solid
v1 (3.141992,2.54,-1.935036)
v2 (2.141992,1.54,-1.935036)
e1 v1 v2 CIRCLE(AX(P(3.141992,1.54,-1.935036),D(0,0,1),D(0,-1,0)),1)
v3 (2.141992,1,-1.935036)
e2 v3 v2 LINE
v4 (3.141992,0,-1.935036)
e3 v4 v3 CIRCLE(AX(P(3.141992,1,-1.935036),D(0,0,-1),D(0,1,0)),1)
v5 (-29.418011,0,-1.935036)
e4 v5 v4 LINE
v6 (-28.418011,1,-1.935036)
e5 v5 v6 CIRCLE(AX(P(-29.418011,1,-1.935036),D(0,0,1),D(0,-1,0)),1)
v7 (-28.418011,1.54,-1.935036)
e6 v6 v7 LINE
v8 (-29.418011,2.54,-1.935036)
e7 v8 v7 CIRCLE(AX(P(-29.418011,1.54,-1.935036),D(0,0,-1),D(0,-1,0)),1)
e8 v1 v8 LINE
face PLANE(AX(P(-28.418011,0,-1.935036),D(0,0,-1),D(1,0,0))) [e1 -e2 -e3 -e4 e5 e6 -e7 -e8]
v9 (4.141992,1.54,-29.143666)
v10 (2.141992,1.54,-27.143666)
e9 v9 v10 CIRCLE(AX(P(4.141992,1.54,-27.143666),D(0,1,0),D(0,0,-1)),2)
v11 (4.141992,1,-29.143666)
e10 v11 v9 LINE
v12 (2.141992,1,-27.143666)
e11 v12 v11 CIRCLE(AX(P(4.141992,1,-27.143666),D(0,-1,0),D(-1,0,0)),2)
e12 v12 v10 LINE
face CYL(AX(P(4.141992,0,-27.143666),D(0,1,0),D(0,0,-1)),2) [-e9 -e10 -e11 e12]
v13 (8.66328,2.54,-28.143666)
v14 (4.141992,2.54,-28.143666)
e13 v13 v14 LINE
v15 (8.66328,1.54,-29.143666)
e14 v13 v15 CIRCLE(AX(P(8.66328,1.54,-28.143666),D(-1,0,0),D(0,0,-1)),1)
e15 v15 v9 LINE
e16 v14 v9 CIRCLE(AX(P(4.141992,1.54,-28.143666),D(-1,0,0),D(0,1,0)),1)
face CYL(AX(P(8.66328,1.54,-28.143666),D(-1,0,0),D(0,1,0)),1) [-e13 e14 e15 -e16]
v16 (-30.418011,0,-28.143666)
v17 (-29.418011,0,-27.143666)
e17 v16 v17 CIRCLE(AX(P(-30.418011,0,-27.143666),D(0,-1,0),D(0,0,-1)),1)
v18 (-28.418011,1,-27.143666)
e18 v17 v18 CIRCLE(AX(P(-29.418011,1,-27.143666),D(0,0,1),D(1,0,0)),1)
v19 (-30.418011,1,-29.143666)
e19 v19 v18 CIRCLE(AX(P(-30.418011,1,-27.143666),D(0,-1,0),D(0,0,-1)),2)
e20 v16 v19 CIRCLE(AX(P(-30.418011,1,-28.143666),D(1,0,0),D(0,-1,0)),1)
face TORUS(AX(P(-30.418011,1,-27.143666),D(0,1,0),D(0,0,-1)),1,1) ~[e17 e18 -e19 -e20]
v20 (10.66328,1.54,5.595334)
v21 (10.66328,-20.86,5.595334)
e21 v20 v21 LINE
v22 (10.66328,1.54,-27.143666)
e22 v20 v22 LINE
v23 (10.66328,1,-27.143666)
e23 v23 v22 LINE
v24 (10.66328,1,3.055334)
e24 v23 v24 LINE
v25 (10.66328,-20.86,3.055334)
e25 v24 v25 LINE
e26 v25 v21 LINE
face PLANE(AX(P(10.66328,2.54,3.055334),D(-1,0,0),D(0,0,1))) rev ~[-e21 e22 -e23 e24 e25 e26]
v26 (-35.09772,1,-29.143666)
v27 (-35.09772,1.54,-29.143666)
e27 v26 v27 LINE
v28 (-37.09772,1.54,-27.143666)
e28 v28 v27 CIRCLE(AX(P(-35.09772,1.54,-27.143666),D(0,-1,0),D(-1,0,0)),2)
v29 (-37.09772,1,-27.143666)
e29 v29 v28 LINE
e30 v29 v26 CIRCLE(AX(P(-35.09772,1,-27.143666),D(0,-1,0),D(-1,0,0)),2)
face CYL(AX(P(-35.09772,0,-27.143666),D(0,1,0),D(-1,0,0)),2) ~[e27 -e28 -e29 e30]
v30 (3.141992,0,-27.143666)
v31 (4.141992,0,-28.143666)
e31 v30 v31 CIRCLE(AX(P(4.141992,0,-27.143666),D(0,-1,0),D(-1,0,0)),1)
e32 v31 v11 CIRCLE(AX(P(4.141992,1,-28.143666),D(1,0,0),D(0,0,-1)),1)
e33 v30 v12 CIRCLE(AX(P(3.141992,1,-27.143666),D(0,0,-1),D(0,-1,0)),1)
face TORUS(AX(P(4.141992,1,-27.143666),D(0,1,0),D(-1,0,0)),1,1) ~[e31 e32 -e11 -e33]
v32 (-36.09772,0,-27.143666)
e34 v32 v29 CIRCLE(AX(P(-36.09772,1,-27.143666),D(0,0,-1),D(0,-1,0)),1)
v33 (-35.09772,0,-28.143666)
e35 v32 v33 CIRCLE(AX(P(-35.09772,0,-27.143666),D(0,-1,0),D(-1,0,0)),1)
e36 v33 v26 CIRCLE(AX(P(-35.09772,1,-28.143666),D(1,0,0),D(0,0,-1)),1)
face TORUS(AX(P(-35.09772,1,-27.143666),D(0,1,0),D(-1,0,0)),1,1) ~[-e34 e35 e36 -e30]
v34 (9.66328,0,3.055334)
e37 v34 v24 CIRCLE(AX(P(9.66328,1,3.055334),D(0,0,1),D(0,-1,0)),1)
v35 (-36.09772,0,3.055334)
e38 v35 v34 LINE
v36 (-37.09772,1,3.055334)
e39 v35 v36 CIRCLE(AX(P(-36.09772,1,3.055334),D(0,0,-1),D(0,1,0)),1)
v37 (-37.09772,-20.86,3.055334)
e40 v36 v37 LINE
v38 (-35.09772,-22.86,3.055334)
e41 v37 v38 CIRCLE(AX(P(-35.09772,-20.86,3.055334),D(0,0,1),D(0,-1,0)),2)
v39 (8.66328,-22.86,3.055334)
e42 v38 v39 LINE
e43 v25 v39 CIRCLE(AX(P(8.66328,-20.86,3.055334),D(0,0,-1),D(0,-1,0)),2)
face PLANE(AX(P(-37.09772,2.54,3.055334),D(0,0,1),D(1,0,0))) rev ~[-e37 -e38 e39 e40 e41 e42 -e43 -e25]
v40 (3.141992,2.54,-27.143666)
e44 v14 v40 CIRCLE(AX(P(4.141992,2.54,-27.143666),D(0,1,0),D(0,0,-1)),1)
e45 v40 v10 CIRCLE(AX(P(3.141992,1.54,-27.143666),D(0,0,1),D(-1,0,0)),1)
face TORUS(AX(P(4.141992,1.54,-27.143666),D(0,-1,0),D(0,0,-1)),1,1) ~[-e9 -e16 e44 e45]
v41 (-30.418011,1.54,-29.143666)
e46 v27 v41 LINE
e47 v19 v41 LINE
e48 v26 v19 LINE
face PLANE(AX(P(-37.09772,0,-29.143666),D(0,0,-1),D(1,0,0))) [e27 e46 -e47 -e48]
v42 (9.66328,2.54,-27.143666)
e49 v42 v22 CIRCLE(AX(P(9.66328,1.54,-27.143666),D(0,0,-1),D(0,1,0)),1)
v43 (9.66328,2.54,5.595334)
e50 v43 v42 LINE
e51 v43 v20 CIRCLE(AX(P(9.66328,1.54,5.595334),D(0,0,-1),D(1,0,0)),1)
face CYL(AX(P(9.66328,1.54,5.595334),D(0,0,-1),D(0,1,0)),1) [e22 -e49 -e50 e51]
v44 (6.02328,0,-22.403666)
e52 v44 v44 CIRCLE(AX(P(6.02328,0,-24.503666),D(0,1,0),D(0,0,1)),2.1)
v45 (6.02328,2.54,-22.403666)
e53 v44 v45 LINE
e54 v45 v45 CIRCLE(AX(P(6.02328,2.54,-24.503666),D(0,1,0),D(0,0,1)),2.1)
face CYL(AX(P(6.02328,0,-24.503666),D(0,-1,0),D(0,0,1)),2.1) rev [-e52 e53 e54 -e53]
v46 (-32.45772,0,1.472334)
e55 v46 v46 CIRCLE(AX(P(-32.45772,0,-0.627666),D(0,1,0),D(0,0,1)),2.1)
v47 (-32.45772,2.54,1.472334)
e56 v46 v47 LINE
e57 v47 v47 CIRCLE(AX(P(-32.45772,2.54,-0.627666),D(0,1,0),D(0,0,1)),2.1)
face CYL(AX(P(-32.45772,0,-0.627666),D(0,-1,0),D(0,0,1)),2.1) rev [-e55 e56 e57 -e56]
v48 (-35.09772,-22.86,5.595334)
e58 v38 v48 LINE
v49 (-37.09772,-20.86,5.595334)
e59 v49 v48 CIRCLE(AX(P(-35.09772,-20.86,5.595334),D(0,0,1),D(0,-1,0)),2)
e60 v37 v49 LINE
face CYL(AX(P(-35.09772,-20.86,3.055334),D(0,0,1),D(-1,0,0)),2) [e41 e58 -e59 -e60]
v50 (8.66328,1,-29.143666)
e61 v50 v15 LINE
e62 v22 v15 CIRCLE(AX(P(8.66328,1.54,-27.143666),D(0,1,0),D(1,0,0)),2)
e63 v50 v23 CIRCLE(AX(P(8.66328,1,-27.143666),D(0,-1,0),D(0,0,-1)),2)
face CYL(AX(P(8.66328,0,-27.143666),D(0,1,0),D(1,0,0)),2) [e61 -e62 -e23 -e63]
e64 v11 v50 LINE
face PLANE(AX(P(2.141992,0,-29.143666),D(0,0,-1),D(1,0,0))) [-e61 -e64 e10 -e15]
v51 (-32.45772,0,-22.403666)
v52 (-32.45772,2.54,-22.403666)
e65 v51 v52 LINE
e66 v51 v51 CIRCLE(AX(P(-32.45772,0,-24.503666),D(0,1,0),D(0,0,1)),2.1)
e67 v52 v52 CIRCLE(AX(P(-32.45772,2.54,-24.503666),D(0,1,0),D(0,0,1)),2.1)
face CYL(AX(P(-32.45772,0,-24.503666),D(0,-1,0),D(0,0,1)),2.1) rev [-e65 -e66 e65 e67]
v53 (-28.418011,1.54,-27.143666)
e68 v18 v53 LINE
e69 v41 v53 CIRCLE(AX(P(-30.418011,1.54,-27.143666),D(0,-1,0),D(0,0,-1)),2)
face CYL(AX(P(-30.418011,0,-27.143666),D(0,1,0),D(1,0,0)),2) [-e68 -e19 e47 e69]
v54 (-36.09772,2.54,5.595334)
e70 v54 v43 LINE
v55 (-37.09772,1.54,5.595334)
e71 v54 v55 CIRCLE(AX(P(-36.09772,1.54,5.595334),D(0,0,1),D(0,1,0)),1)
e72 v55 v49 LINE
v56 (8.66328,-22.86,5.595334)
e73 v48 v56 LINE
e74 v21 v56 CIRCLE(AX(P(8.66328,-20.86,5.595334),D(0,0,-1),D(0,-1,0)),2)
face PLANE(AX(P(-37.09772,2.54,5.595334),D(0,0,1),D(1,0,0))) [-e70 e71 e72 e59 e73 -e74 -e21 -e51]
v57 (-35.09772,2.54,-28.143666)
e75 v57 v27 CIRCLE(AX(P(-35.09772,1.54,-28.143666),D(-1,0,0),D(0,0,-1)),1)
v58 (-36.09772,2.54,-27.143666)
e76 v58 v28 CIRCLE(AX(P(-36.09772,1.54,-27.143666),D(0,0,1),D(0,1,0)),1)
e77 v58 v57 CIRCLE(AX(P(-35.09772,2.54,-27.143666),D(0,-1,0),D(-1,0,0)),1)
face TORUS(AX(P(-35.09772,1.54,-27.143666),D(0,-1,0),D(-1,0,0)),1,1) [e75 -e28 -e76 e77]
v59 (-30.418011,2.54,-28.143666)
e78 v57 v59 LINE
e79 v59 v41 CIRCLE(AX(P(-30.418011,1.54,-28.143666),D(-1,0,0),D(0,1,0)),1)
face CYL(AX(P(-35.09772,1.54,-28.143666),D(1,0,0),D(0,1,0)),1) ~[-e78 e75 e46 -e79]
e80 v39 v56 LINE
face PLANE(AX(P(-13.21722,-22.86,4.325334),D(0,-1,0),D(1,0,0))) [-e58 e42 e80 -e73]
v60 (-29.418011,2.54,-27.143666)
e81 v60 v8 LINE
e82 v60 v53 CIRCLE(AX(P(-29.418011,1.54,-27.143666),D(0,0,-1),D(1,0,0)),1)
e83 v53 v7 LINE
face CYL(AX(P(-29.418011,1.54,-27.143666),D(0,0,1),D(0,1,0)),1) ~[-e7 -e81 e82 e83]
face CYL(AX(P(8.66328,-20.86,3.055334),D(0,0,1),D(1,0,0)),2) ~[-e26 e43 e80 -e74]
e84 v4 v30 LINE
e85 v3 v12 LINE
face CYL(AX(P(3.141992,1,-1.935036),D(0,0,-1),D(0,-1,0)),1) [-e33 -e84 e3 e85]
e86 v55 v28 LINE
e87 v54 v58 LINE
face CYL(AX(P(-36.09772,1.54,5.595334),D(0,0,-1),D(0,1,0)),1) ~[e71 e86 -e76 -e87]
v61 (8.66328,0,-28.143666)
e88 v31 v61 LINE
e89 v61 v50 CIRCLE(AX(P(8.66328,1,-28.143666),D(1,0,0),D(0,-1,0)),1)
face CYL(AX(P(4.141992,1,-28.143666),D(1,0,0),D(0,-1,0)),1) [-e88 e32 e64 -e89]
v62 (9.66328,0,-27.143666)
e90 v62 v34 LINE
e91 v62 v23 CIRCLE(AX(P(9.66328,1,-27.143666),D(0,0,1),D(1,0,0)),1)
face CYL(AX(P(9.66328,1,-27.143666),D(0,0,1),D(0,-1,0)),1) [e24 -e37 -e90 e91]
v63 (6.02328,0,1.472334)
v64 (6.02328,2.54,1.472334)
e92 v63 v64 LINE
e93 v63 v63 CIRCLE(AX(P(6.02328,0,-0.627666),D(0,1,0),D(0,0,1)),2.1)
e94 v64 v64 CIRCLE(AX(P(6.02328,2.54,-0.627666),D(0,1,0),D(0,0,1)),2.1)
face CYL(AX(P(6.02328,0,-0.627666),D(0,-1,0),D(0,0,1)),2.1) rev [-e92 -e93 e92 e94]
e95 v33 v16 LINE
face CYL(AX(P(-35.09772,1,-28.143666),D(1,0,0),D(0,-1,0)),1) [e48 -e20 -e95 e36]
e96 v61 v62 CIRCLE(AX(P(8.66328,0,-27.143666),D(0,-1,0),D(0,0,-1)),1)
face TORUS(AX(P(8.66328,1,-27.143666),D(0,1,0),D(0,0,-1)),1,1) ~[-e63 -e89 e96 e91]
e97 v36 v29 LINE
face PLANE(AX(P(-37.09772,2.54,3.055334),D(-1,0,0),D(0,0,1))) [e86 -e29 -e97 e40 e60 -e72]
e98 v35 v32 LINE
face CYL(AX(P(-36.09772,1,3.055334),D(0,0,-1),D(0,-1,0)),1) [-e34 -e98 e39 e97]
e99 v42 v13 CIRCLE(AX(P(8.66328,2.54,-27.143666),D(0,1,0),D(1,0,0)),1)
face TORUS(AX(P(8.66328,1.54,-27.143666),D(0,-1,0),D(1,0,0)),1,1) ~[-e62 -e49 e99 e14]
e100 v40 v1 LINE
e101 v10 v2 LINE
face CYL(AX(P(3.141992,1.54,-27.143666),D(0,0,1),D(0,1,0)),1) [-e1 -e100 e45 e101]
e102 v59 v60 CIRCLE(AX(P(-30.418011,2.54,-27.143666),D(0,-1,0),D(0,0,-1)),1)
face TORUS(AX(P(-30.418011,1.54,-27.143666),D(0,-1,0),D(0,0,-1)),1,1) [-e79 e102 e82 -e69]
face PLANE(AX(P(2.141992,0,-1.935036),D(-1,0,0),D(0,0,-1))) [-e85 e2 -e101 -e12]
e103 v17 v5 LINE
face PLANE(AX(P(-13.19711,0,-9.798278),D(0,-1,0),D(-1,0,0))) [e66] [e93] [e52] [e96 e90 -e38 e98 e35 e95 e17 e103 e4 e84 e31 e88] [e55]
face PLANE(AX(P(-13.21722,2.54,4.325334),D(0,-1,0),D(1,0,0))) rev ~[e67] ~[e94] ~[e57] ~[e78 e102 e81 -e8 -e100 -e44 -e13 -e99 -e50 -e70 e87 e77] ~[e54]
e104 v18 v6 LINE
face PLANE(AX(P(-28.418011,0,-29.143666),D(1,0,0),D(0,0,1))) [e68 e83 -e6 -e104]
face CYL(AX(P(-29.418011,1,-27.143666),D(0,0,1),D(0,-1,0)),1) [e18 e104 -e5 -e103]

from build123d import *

# Parameters (mm, degrees)
SKETCH1_R           = 2.1
BOSS_EXTRUDE1_DEPTH = 2.54
SKETCH2_W           = 47.761
SKETCH2_H           = 2.54
BOSS_EXTRUDE2_DEPTH = 25.4
FILLET1_R           = 2
FILLET2_R           = 1


with BuildPart() as part:
    # Sketch1 → Boss-Extrude1 (new body)
    with BuildSketch(Plane(origin=(0, 0, 0), x_dir=(1, 0, 0), z_dir=(0, 1, 0))):
        Polygon((-28.418010921, 1.935035563), (2.141991551, 1.935035563), (2.141991551, 29.143665766), (10.663279773, 29.143665766), (10.663279773, -3.055333898), (2.086284412, -3.055333898), (-28.52072334, -3.055333898), (-37.097720227, -3.055333898), (-37.097720227, 29.143665766), (-28.418010921, 29.143665766), align=None)
        with Locations(Location((-32.457720227, 24.503665766, 0), (0, 0, 270))):
            Circle(SKETCH1_R, mode=Mode.SUBTRACT)
        with Locations(Location((-32.457720227, 0.627665766, 0), (0, 0, 270))):
            Circle(SKETCH1_R, mode=Mode.SUBTRACT)
        with Locations(Location((6.023279773, 24.503665766, 0), (0, 0, 270))):
            Circle(SKETCH1_R, mode=Mode.SUBTRACT)
        with Locations(Location((6.023279773, 0.627665766, 0), (0, 0, 270))):
            Circle(SKETCH1_R, mode=Mode.SUBTRACT)
    extrude(amount=BOSS_EXTRUDE1_DEPTH)

    # Sketch2 → Boss-Extrude2 (add)
    with BuildSketch(Plane.XZ.offset(-2.54)):
        with Locations((-13.217220227, 4.325333898)):
            Rectangle(SKETCH2_W, SKETCH2_H)
    extrude(amount=BOSS_EXTRUDE2_DEPTH)

    # Fillet1
    fillet1_edges = [part.edges().sort_by_distance(p)[0] for p in [
        (2.141991551, 1.27, -29.143665766),
        (10.663279773, 1.27, -29.143665766),
        (-37.097720227, 1.27, -29.143665766),
        (-28.418010921, 1.27, -29.143665766),
        (-37.097720227, -22.86, 4.325333898),
        (10.663279773, -22.86, 4.325333898),
    ]]
    fillet(fillet1_edges, radius=FILLET1_R)

    # Fillet2
    fillet2_edges = [part.edges().sort_by_distance(p)[0] for p in [
        (10.663279773, 0, -12.044165934),
        (-28.418010921, 0, -14.539350664),
        (10.663279773, 2.54, -10.774165934),
        (-28.418010921, 2.54, -14.539350664),
        (-32.757865574, 0, -29.143665766),
        (-32.757865574, 2.54, -29.143665766),
        (2.141991551, 0, -14.539350664),
        (6.402635662, 0, -29.143665766),
        (-37.097720227, 0, -12.044165934),
        (10.077493335, 0, -28.557879329),
        (2.727777988, 0, -28.557879329),
        (-36.511933789, 0, -28.557879329),
        (-29.003797359, 0, -28.557879329),
        (-37.097720227, 2.54, -10.774165934),
        (6.402635662, 2.54, -29.143665766),
        (2.141991551, 2.54, -14.539350664),
        (10.077493335, 2.54, -28.557879329),
        (2.727777988, 2.54, -28.557879329),
        (-36.511933789, 2.54, -28.557879329),
        (-29.003797359, 2.54, -28.557879329),
    ]]
    fillet(fillet2_edges, radius=FILLET2_R)


solid = part.part
